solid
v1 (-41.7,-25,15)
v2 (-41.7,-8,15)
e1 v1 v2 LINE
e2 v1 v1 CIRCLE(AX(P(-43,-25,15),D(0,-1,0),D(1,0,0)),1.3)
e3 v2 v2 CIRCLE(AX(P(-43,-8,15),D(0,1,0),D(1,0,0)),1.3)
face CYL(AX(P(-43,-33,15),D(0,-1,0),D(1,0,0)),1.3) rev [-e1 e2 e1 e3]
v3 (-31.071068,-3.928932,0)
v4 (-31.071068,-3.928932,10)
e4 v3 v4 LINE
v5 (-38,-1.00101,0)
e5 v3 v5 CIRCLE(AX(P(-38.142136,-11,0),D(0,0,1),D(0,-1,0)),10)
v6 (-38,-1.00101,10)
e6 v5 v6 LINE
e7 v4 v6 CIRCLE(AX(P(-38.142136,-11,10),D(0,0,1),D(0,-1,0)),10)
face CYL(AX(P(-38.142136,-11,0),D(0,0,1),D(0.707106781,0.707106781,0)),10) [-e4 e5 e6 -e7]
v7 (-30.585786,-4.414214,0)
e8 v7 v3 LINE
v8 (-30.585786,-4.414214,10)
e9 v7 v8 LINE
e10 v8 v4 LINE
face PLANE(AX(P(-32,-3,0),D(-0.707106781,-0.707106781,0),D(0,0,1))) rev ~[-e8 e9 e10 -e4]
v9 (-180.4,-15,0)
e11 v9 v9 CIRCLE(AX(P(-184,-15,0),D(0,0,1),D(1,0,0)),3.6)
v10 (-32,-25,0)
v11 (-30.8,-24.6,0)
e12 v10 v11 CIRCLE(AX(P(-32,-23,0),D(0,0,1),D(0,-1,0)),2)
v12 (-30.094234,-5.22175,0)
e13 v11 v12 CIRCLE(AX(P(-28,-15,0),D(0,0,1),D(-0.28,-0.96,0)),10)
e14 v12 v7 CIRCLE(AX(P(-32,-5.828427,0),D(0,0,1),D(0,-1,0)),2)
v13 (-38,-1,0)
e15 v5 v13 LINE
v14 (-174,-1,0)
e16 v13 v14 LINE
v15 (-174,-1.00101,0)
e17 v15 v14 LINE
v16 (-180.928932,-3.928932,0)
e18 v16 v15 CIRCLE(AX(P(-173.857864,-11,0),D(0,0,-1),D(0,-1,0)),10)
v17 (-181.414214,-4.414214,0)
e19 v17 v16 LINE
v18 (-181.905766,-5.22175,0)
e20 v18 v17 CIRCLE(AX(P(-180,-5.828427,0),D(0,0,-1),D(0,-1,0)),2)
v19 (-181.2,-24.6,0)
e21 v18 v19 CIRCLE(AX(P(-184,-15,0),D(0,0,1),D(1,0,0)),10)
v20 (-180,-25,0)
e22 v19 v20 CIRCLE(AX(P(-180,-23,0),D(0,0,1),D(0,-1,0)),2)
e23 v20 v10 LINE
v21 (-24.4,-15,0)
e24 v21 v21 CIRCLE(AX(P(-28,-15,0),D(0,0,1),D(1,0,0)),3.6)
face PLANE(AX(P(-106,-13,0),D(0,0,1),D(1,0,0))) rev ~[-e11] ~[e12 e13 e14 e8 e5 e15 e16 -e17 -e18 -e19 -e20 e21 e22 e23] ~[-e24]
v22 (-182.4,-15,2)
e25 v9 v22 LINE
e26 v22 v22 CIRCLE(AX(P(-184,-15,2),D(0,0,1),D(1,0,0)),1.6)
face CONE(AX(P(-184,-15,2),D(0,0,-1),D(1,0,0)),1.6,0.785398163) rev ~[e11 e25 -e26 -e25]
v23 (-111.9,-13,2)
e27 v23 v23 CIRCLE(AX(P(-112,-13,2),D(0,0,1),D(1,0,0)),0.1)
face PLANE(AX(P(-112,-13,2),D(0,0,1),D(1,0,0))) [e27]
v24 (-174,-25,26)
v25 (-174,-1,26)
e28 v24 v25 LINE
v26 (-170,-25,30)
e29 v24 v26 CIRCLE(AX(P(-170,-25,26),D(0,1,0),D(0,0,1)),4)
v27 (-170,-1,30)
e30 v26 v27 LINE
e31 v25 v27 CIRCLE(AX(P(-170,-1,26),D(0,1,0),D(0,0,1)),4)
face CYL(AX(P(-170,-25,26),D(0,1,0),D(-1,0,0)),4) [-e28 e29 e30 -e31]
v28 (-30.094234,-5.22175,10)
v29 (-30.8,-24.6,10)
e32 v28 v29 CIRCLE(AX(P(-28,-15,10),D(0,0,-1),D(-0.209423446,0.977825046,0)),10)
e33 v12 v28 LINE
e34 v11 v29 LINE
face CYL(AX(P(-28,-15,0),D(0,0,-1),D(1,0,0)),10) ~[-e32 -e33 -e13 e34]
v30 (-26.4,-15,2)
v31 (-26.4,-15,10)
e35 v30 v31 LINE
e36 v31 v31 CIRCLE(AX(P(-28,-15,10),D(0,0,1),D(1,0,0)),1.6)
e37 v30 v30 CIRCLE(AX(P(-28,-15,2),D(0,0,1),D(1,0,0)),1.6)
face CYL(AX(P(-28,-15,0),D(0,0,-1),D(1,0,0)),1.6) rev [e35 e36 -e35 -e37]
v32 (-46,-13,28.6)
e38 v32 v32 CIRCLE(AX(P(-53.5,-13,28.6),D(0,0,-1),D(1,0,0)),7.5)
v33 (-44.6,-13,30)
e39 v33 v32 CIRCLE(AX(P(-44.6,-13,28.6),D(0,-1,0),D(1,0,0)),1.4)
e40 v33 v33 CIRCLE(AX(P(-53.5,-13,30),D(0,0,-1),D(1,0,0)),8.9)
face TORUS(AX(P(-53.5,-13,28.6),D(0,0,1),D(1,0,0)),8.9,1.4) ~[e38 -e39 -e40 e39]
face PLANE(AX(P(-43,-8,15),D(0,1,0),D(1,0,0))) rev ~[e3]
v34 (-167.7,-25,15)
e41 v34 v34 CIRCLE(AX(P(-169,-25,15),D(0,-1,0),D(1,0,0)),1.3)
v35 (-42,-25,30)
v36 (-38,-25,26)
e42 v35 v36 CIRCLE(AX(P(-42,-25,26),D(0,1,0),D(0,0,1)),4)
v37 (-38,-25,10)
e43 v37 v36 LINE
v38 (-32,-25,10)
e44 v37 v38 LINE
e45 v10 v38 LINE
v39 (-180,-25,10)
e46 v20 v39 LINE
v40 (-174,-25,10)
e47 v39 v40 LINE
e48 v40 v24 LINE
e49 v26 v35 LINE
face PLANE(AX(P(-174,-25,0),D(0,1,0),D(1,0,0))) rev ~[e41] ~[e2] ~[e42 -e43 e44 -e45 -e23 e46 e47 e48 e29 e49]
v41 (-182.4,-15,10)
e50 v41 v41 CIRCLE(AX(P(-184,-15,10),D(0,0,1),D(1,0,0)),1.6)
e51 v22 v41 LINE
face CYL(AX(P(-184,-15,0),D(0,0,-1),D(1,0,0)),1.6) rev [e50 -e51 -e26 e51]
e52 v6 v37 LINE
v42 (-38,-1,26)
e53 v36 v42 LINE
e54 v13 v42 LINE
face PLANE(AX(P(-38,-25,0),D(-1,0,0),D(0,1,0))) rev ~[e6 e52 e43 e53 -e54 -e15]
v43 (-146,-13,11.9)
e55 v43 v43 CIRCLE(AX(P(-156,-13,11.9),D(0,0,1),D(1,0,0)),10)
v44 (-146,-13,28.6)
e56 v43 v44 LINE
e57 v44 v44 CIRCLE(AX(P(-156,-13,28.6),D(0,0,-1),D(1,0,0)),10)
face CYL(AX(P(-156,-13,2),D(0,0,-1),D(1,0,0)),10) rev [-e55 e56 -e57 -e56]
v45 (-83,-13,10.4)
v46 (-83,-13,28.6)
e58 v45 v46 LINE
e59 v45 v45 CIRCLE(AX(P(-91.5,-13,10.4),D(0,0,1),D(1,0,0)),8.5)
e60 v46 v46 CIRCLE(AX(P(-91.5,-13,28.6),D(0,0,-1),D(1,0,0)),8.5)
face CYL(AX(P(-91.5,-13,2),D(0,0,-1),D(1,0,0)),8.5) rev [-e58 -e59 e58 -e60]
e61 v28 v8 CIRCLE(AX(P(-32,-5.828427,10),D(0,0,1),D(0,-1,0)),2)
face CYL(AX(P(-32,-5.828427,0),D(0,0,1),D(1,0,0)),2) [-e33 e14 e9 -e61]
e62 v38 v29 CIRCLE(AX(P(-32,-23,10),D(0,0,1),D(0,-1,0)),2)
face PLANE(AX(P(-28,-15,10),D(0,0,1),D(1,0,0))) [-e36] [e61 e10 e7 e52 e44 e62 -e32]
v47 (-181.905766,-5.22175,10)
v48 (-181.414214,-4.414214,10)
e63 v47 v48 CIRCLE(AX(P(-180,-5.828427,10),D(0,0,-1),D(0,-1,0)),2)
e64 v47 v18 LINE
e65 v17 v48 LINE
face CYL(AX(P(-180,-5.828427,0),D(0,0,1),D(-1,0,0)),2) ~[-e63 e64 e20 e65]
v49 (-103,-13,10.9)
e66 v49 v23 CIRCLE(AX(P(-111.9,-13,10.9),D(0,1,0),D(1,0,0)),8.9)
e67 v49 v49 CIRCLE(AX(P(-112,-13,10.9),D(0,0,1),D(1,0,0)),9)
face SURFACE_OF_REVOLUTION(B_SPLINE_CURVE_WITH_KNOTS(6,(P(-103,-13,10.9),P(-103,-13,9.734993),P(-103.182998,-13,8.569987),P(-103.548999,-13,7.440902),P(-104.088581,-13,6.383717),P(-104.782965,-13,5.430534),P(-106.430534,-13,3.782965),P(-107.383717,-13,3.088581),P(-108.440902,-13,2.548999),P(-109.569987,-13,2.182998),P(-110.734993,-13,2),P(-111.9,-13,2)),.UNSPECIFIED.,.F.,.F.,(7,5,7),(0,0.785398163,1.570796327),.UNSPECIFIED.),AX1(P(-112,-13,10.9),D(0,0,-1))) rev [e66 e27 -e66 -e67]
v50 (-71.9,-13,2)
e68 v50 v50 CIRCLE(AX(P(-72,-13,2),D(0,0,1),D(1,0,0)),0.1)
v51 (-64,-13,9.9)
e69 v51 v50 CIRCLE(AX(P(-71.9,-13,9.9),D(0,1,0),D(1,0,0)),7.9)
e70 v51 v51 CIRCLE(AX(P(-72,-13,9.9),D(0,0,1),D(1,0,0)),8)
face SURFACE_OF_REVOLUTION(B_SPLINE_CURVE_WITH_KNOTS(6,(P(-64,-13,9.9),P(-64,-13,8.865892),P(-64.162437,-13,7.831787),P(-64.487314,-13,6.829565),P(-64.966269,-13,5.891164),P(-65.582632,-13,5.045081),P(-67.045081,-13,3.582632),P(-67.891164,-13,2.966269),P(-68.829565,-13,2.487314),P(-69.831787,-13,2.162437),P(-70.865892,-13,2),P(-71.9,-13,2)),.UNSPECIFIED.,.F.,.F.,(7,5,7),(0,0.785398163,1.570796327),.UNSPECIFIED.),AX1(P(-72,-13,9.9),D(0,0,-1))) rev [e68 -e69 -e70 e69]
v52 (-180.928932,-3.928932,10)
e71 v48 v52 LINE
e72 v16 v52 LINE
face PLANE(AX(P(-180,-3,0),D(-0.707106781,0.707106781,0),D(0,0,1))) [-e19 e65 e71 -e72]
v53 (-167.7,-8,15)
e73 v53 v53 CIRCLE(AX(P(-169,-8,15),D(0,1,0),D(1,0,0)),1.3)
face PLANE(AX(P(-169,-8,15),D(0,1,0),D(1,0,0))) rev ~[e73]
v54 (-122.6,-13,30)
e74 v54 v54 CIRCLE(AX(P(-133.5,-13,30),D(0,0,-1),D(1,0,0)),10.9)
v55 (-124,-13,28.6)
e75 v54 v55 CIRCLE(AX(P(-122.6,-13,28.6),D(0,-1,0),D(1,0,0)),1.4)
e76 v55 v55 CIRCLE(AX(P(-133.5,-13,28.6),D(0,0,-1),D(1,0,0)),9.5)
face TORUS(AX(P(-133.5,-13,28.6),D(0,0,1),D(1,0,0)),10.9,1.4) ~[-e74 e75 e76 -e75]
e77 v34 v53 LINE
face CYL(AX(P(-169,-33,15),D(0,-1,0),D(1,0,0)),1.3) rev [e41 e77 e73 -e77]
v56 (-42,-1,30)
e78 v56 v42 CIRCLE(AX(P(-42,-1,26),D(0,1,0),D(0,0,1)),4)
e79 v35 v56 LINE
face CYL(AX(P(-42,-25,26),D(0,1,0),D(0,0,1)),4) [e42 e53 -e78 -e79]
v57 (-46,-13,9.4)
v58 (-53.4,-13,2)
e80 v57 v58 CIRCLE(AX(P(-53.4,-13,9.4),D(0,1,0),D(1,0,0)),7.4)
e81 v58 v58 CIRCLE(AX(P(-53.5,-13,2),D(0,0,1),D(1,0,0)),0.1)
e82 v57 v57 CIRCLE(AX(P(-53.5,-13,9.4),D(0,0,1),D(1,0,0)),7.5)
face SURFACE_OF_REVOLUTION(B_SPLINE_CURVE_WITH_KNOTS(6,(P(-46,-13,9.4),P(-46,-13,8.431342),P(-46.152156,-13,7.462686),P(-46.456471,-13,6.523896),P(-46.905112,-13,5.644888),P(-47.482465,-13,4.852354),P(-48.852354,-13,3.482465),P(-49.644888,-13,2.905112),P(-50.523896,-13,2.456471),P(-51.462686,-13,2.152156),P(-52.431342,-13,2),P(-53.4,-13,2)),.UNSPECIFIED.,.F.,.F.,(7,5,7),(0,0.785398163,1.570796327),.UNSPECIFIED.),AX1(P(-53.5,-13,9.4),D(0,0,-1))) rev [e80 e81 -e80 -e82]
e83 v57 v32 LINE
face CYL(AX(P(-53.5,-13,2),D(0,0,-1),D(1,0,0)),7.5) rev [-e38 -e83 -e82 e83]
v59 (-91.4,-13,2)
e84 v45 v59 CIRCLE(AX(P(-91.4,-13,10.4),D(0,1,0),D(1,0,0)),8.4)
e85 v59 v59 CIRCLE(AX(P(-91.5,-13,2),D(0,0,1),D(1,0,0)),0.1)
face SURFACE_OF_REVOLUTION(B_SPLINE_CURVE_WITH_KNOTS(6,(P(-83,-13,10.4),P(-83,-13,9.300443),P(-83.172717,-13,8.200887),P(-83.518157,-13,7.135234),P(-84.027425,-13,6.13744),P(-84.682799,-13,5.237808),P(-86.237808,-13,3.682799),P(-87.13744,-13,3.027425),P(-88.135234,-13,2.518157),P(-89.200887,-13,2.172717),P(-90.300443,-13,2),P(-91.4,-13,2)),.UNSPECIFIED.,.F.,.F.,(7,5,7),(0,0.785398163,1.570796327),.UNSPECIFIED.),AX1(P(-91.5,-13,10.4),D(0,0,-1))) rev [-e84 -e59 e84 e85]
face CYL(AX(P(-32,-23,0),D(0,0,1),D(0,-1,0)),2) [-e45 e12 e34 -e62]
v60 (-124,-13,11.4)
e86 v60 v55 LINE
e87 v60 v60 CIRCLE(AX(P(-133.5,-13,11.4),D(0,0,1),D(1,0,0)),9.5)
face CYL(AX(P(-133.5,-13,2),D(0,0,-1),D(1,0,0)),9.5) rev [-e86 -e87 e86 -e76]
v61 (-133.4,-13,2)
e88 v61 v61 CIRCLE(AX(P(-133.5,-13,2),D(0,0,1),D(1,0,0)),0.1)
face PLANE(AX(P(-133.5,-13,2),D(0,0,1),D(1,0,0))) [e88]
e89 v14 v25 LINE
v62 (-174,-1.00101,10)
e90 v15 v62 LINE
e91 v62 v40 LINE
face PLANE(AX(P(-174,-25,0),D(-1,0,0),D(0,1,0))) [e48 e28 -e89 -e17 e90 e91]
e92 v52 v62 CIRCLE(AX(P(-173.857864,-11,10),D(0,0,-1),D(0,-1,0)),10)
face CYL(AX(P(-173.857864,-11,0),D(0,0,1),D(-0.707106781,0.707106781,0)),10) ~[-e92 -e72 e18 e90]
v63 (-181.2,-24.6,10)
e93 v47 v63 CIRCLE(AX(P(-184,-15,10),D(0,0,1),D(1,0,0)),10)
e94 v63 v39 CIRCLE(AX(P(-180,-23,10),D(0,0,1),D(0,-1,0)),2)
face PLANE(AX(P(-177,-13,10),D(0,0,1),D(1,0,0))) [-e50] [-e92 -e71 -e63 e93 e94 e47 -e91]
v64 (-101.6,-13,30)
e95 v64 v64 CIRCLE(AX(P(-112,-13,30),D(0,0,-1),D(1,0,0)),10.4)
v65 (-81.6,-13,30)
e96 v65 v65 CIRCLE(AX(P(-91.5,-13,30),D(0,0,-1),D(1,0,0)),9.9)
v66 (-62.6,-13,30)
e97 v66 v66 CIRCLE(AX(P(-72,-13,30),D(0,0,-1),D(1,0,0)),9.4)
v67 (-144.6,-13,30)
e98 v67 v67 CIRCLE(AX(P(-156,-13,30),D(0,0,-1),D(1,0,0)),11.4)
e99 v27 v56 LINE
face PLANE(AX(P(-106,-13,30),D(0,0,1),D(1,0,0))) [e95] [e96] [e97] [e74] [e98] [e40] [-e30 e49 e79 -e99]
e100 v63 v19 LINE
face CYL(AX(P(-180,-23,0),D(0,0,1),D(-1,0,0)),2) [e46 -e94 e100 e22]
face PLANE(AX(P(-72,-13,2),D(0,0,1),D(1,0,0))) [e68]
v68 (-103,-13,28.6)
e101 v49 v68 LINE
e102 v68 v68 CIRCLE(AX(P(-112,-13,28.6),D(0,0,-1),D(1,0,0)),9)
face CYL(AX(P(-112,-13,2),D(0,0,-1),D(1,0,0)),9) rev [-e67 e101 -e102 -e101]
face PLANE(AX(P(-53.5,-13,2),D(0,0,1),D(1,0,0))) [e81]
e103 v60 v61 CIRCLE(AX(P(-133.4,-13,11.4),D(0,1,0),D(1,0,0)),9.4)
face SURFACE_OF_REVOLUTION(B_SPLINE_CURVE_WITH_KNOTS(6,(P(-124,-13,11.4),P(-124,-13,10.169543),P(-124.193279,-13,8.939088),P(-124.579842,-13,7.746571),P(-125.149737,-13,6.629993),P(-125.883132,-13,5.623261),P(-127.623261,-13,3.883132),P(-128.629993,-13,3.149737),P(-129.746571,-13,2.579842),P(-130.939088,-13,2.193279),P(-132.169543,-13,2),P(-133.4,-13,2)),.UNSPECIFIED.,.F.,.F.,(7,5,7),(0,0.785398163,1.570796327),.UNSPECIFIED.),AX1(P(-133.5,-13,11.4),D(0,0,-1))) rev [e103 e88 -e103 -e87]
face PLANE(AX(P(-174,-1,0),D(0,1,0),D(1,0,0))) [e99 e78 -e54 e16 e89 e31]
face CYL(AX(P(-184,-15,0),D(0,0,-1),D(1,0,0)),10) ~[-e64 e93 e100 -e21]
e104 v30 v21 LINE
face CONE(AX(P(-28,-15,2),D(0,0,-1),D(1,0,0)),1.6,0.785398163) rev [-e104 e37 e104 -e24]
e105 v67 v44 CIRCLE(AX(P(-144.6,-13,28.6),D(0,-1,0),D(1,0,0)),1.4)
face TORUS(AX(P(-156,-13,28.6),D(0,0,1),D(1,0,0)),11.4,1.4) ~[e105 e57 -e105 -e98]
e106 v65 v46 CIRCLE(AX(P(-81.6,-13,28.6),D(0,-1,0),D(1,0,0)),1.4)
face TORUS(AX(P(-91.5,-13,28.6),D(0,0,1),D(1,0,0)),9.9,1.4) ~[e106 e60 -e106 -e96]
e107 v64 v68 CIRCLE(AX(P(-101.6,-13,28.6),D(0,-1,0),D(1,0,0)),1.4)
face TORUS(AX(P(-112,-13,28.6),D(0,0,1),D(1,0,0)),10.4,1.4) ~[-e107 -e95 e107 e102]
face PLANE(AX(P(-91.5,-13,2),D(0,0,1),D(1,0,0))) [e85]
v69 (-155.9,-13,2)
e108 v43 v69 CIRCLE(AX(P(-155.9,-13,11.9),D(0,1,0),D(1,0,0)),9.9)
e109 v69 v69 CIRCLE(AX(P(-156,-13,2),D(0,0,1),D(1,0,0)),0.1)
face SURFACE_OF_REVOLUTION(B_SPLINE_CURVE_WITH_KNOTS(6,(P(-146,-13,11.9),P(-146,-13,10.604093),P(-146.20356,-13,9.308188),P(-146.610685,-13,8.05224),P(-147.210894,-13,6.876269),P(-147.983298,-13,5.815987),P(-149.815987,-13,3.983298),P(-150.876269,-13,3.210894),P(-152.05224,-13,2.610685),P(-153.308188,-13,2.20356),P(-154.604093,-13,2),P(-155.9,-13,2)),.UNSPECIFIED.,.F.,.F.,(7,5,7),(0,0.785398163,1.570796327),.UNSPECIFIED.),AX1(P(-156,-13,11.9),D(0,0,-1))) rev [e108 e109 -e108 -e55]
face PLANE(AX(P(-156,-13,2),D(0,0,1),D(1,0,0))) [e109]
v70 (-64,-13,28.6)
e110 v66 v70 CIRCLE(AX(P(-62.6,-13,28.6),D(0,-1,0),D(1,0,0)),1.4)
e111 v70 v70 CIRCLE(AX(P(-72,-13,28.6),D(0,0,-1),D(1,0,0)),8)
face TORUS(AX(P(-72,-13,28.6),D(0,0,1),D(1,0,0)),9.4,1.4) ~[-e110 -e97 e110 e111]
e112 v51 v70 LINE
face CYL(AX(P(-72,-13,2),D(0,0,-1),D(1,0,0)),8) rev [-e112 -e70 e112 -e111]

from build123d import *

# Parameters (mm, degrees)
CYLINDER016_R     = 1.3
CYLINDER016_DEPTH = 25
CYLINDER015_R     = 1.3
CYLINDER015_DEPTH = 25
CYLINDER001_R     = 9.5
CYLINDER001_DEPTH = 30
FILLET002_R       = 9.4
CYLINDER002_R     = 9
CYLINDER002_DEPTH = 30
FILLET003_R       = 8.9
CYLINDER003_R     = 8.5
CYLINDER003_DEPTH = 30
FILLET004_R       = 8.4
CYLINDER004_R     = 8
CYLINDER004_DEPTH = 30
FILLET005_R       = 7.9
CYLINDER005_R     = 7.5
CYLINDER005_DEPTH = 30
FILLET006_R       = 7.4
CYLINDER_R        = 10
CYLINDER_DEPTH    = 30
FILLET_R          = 9.9
BOX_W             = 136
BOX_H             = 24
BOX_DEPTH         = 30
FILLET022_R       = 4
FILLET023_R       = 1.4
BOX001_W          = 10
BOX001_H          = 24
BOX001_DEPTH      = 10
FILLET016_R       = 2
CHAMFER_SIZE      = 4
FILLET017_R       = 2
FILLET018_R       = 10
BOX002_W          = 10
BOX002_H          = 24
BOX002_DEPTH      = 10
FILLET019_R       = 2
CHAMFER001_SIZE   = 4
FILLET020_R       = 2
FILLET021_R       = 10
TUBE001_R         = 10
TUBE001_R_2       = 1.6
TUBE001_DEPTH     = 10
TUBE_R            = 10
TUBE_R_2          = 1.6
TUBE_DEPTH        = 10
CHAMFER007_SIZE   = 2


with BuildPart() as screwholle002:
    # Cylinder016 → Cylinder016 (new body)
    with BuildSketch(Plane(origin=(113, -20, 15), x_dir=(1, 0, 0), z_dir=(0, 1, 0))):
        Circle(CYLINDER016_R)
    extrude(amount=CYLINDER016_DEPTH)


with BuildPart() as fusion003:
    # Cylinder015 → Cylinder015 (new body)
    with BuildSketch(Plane(origin=(-13, -20, 15), x_dir=(1, 0, 0), z_dir=(0, 1, 0))):
        Circle(CYLINDER015_R)
    extrude(amount=CYLINDER015_DEPTH)

    # Fusion003: union ScrewHolle002
    add(screwholle002.part)


with BuildPart() as fillet002:
    # Cylinder001 → Cylinder001 (new body)
    with BuildSketch(Plane(origin=(22.5, 0, 2), x_dir=(1, 0, 0), z_dir=(0, 0, 1))):
        Circle(CYLINDER001_R)
    extrude(amount=CYLINDER001_DEPTH)

    # Fillet002
    fillet002_edges = [fillet002.edges().sort_by_distance(p)[0] for p in [
        (13, 0, 2),
    ]]
    fillet(fillet002_edges, radius=FILLET002_R)


with BuildPart() as fillet003:
    # Cylinder002 → Cylinder002 (new body)
    with BuildSketch(Plane(origin=(44, 0, 2), x_dir=(1, 0, 0), z_dir=(0, 0, 1))):
        Circle(CYLINDER002_R)
    extrude(amount=CYLINDER002_DEPTH)

    # Fillet003
    fillet003_edges = [fillet003.edges().sort_by_distance(p)[0] for p in [
        (35, 0, 2),
    ]]
    fillet(fillet003_edges, radius=FILLET003_R)


with BuildPart() as fillet004:
    # Cylinder003 → Cylinder003 (new body)
    with BuildSketch(Plane(origin=(64.5, 0, 2), x_dir=(1, 0, 0), z_dir=(0, 0, 1))):
        Circle(CYLINDER003_R)
    extrude(amount=CYLINDER003_DEPTH)

    # Fillet004
    fillet004_edges = [fillet004.edges().sort_by_distance(p)[0] for p in [
        (56, 0, 2),
    ]]
    fillet(fillet004_edges, radius=FILLET004_R)


with BuildPart() as fillet005:
    # Cylinder004 → Cylinder004 (new body)
    with BuildSketch(Plane(origin=(84, 0, 2), x_dir=(1, 0, 0), z_dir=(0, 0, 1))):
        Circle(CYLINDER004_R)
    extrude(amount=CYLINDER004_DEPTH)

    # Fillet005
    fillet005_edges = [fillet005.edges().sort_by_distance(p)[0] for p in [
        (76, 0, 2),
    ]]
    fillet(fillet005_edges, radius=FILLET005_R)


with BuildPart() as fillet006:
    # Cylinder005 → Cylinder005 (new body)
    with BuildSketch(Plane(origin=(102.5, 0, 2), x_dir=(1, 0, 0), z_dir=(0, 0, 1))):
        Circle(CYLINDER005_R)
    extrude(amount=CYLINDER005_DEPTH)

    # Fillet006
    fillet006_edges = [fillet006.edges().sort_by_distance(p)[0] for p in [
        (95, 0, 2),
    ]]
    fillet(fillet006_edges, radius=FILLET006_R)


with BuildPart() as fusion:
    # Cylinder → Cylinder (new body)
    with BuildSketch(Plane.XY.offset(2)):
        Circle(CYLINDER_R)
    extrude(amount=CYLINDER_DEPTH)

    # Fillet
    fillet_edges = [fusion.edges().sort_by_distance(p)[0] for p in [
        (-10, 0, 2),
    ]]
    fillet(fillet_edges, radius=FILLET_R)

    # Fusion: union Fillet002, Fillet003, Fillet004, Fillet005, Fillet006
    add(fillet002.part)
    add(fillet003.part)
    add(fillet004.part)
    add(fillet005.part)
    add(fillet006.part)


with BuildPart() as cut001:
    # Box → Box (new body)
    with BuildSketch(Plane(origin=(-18, -12, 0), x_dir=(1, 0, 0), z_dir=(0, 0, 1))):
        with Locations((68, 12)):
            Rectangle(BOX_W, BOX_H)
    extrude(amount=BOX_DEPTH)

    # Cut: cut Fusion
    add(fusion.part, mode=Mode.SUBTRACT)

    # Fillet022
    fillet022_edges = [cut001.edges().sort_by_distance(p)[0] for p in [
        (-18, 0, 30),
        (118, 0, 30),
    ]]
    fillet(fillet022_edges, radius=FILLET022_R)

    # Fillet023
    fillet023_edges = [cut001.edges().sort_by_distance(p)[0] for p in [
        (-10, 0, 30),
        (13, 0, 30),
        (35, 0, 30),
        (56, 0, 30),
        (76, 0, 30),
        (95, 0, 30),
    ]]
    fillet(fillet023_edges, radius=FILLET023_R)

    # Cut001: cut Fusion003
    add(fusion003.part, mode=Mode.SUBTRACT)


with BuildPart() as fillet018:
    # Box001 → Box001 (new body)
    with BuildSketch(Plane(origin=(-26, -12, 0), x_dir=(1, 0, 0), z_dir=(0, 0, 1))):
        with Locations((5, 12)):
            Rectangle(BOX001_W, BOX001_H)
    extrude(amount=BOX001_DEPTH)

    # Fillet016
    fillet016_edges = [fillet018.edges().sort_by_distance(p)[0] for p in [
        (-26, -12, 5),
    ]]
    fillet(fillet016_edges, radius=FILLET016_R)

    # Chamfer
    chamfer_edges = [fillet018.edges().sort_by_distance(p)[0] for p in [
        (-26, 12, 5),
    ]]
    chamfer(chamfer_edges, length=CHAMFER_SIZE)

    # Fillet017
    fillet017_edges = [fillet018.edges().sort_by_distance(p)[0] for p in [
        (-26, 8, 5),
    ]]
    fillet(fillet017_edges, radius=FILLET017_R)

    # Fillet018
    fillet018_edges = [fillet018.edges().sort_by_distance(p)[0] for p in [
        (-22, 12, 5),
    ]]
    fillet(fillet018_edges, radius=FILLET018_R)


with BuildPart() as fillet021:
    # Box002 → Box002 (new body)
    with BuildSketch(Plane(origin=(116, -12, 0), x_dir=(1, 0, 0), z_dir=(0, 0, 1))):
        with Locations((5, 12)):
            Rectangle(BOX002_W, BOX002_H)
    extrude(amount=BOX002_DEPTH)

    # Fillet019
    fillet019_edges = [fillet021.edges().sort_by_distance(p)[0] for p in [
        (126, -12, 5),
    ]]
    fillet(fillet019_edges, radius=FILLET019_R)

    # Chamfer001
    chamfer001_edges = [fillet021.edges().sort_by_distance(p)[0] for p in [
        (126, 12, 5),
    ]]
    chamfer(chamfer001_edges, length=CHAMFER001_SIZE)

    # Fillet020
    fillet020_edges = [fillet021.edges().sort_by_distance(p)[0] for p in [
        (126, 8, 5),
    ]]
    fillet(fillet020_edges, radius=FILLET020_R)

    # Fillet021
    fillet021_edges = [fillet021.edges().sort_by_distance(p)[0] for p in [
        (122, 12, 5),
    ]]
    fillet(fillet021_edges, radius=FILLET021_R)


with BuildPart() as tube001:
    # Tube001 → Tube001 (new body)
    with BuildSketch(Plane(origin=(128, -2, 0), x_dir=(1, 0, 0), z_dir=(0, 0, 1))):
        Circle(TUBE001_R)
        Circle(TUBE001_R_2, mode=Mode.SUBTRACT)
    extrude(amount=TUBE001_DEPTH)


with BuildPart() as brushholles_l:
    # Tube → Tube (new body)
    with BuildSketch(Plane(origin=(-28, -2, 0), x_dir=(1, 0, 0), z_dir=(0, 0, 1))):
        Circle(TUBE_R)
        Circle(TUBE_R_2, mode=Mode.SUBTRACT)
    extrude(amount=TUBE_DEPTH)

    # Fusion002: union Fillet018, Fillet021, Tube001
    add(fillet018.part)
    add(fillet021.part)
    add(tube001.part)

    # Chamfer007
    chamfer007_edges = [brushholles_l.edges().sort_by_distance(p)[0] for p in [
        (-29.6, -2, 0),
        (126.4, -2, 0),
    ]]
    chamfer(chamfer007_edges, length=CHAMFER007_SIZE)

    # Fusion013: union Cut001
    add(cut001.part)


with BuildPart() as brushholles_l_1:
    # Fusion013 placement: moved
    add(brushholles_l.part.moved(Location((-156, -13, 0))))


solid = brushholles_l_1.part
